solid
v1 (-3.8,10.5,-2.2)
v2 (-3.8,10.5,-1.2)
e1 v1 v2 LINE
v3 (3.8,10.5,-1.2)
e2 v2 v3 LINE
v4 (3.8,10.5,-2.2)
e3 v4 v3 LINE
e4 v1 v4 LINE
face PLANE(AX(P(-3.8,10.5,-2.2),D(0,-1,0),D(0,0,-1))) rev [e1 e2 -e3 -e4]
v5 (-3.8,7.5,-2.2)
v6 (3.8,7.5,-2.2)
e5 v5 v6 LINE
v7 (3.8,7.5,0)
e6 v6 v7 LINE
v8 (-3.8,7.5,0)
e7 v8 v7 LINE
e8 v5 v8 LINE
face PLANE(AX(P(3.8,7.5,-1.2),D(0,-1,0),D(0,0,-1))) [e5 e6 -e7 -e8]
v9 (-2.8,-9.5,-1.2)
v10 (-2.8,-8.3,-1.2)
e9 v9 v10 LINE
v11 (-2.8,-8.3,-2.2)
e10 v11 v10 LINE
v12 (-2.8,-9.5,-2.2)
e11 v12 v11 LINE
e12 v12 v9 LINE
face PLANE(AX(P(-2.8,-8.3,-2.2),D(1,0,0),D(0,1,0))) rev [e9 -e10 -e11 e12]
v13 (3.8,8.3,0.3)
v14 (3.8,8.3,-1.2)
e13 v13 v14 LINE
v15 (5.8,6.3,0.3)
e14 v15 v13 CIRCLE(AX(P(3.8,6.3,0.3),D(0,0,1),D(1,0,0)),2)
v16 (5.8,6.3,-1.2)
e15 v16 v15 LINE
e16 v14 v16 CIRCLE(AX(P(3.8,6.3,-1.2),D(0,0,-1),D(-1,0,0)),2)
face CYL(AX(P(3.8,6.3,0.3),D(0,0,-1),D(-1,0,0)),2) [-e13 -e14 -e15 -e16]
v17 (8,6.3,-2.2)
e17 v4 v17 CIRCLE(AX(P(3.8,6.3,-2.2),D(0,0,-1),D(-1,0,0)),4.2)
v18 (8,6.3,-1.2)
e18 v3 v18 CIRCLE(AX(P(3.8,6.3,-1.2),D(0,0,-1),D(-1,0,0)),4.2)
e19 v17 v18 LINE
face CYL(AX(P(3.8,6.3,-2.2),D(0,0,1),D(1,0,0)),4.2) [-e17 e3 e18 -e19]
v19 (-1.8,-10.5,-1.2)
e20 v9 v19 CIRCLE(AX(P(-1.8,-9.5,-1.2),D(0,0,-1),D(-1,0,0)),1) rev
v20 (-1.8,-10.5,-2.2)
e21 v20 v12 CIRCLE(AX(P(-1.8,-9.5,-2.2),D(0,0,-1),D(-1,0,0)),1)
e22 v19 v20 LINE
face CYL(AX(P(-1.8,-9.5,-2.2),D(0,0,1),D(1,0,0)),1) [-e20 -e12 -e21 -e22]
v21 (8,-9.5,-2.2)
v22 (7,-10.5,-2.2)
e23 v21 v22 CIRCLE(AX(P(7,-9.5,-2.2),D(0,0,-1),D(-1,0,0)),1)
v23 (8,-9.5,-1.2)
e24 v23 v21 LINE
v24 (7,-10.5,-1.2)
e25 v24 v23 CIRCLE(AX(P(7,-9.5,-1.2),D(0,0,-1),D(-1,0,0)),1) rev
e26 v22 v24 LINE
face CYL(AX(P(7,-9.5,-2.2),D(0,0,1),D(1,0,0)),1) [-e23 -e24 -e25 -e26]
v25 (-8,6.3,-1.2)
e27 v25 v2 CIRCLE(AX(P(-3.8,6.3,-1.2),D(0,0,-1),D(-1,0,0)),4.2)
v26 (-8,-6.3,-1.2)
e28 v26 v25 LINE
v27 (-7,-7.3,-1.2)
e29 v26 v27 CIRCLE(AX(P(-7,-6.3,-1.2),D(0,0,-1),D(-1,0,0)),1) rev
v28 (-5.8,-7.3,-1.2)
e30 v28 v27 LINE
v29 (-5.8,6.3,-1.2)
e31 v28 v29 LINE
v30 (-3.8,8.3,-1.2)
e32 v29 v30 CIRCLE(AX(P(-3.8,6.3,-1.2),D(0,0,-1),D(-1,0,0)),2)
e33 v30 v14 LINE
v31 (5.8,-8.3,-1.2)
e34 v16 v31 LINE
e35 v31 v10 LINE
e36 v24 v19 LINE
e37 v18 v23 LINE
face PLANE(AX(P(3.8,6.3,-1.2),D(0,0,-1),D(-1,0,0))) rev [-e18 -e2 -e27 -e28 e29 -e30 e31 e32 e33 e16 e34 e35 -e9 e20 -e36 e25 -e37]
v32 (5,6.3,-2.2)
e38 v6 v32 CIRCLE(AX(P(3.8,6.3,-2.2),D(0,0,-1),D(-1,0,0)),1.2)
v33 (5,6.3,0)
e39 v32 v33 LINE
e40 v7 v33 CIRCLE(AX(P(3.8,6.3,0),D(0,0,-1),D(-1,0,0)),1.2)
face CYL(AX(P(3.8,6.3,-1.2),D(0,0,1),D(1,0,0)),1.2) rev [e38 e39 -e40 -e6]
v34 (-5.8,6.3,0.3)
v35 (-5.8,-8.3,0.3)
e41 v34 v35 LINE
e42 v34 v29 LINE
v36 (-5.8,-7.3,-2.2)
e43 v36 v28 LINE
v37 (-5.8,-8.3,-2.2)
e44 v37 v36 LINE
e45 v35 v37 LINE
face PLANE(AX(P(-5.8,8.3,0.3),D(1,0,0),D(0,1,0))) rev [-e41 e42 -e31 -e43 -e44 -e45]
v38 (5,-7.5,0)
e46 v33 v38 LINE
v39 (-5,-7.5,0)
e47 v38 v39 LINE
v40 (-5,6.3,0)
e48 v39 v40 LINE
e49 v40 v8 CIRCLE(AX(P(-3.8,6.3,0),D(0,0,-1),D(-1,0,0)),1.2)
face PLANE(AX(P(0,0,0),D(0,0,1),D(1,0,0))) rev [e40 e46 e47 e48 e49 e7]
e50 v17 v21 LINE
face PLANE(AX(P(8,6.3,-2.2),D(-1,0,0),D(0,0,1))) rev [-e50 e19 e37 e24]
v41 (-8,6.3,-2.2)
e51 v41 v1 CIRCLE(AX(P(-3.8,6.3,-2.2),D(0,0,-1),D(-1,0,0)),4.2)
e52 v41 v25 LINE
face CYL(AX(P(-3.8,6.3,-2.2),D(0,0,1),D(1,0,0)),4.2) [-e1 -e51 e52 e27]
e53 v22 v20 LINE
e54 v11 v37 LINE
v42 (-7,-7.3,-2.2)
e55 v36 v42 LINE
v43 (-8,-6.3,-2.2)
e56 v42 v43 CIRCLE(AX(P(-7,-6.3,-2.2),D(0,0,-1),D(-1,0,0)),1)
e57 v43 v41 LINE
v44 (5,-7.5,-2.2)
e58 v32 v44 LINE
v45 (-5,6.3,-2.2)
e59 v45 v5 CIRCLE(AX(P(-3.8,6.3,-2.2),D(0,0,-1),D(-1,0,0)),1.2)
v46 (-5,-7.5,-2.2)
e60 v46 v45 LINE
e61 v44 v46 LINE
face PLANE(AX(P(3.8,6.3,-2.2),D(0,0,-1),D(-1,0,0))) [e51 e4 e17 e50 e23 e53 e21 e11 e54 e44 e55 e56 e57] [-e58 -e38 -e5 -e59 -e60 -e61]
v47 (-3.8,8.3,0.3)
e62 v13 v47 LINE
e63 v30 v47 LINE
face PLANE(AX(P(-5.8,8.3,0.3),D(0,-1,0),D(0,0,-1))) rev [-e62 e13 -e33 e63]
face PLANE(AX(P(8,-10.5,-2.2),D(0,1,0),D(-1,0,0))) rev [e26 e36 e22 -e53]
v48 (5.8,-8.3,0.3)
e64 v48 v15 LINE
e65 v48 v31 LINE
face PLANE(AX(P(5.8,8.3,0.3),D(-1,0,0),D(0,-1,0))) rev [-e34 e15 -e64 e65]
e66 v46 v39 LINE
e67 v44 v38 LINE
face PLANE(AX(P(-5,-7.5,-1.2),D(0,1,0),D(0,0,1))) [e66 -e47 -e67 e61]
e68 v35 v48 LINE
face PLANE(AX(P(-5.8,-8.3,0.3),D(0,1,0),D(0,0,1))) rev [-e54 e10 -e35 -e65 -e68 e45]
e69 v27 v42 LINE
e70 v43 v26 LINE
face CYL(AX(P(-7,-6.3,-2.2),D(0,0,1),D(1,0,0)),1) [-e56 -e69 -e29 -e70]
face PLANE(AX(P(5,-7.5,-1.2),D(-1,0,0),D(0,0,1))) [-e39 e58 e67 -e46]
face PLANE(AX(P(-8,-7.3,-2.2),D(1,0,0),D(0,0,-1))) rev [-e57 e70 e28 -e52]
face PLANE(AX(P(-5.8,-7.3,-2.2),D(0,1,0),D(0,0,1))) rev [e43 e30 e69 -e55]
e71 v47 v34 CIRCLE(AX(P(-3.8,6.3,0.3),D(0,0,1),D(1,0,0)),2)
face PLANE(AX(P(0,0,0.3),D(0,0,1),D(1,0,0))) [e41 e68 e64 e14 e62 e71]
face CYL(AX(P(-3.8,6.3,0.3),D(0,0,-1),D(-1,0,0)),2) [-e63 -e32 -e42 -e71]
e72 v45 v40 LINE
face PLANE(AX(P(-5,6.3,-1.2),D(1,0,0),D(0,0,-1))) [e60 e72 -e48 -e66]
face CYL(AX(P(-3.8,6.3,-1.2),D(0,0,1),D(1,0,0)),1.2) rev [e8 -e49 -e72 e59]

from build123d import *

# Parameters (mm, degrees)
SKETCH1_W           = 11.6
SKETCH1_H           = 16.6
BOSS_EXTRUDE1_DEPTH = 0.3
FILLET1_R           = 2
BOSS_EXTRUDE2_DEPTH = 1.2
BOSS_EXTRUDE3_DEPTH = 1
FILLET2_R           = 1


with BuildPart() as part:
    # Sketch1 → Boss-Extrude1 (new body)
    with BuildSketch(Plane.XY):
        Rectangle(SKETCH1_W, SKETCH1_H)
    extrude(amount=BOSS_EXTRUDE1_DEPTH)

    # Fillet1
    fillet1_edges = [part.edges().sort_by_distance(p)[0] for p in [
        (-5.8, 8.3, 0.15),
        (5.8, 8.3, 0.15),
    ]]
    fillet(fillet1_edges, radius=FILLET1_R)

    # Sketch2 → Boss-Extrude2 (add)
    with BuildSketch(Plane(origin=(0, 0, 0), x_dir=(-1, 0, 0), z_dir=(0, 0, -1))):
        with BuildLine():
            Line((-5.8, -8.3), (-5.8, 6.3))
            ThreePointArc((-5.8, 6.3), (-5.214213562, 7.714213562), (-3.8, 8.3))
            Line((-3.8, 8.3), (3.8, 8.3))
            ThreePointArc((3.8, 8.3), (5.214213562, 7.714213562), (5.8, 6.3))
            Line((5.8, 6.3), (5.8, -8.3))
            Line((5.8, -8.3), (-5.8, -8.3))
        make_face()
        with BuildLine():
            Line((-5, -7.5), (-5, 6.3))
            ThreePointArc((-5, 6.3), (-4.648528137, 7.148528137), (-3.8, 7.5))
            Line((-3.8, 7.5), (3.8, 7.5))
            ThreePointArc((3.8, 7.5), (4.648528137, 7.148528137), (5, 6.3))
            Line((5, 6.3), (5, -7.5))
            Line((5, -7.5), (-5, -7.5))
        make_face(mode=Mode.SUBTRACT)
    extrude(amount=BOSS_EXTRUDE2_DEPTH)

    # Sketch3 → Boss-Extrude3 (add)
    with BuildSketch(Plane(origin=(0, 0, -1.2), x_dir=(-1, 0, 0), z_dir=(0, 0, -1))):
        with BuildLine():
            Line((-8, 6.3), (-8, -10.5))
            Line((-8, -10.5), (2.8, -10.5))
            Line((2.8, -10.5), (2.8, -8.3))
            Line((2.8, -8.3), (5.8, -8.3))
            Line((5.8, -8.3), (5.8, -7.3))
            Line((5.8, -7.3), (8, -7.3))
            Line((8, -7.3), (8, 6.3))
            ThreePointArc((8, 6.3), (6.769848481, 9.269848481), (3.8, 10.5))
            Line((3.8, 10.5), (-3.8, 10.5))
            ThreePointArc((-3.8, 10.5), (-6.769848481, 9.269848481), (-8, 6.3))
        make_face()
        with BuildLine():
            Line((-5, 6.3), (-5, -7.5))
            Line((-5, -7.5), (5, -7.5))
            Line((5, -7.5), (5, 6.3))
            ThreePointArc((5, 6.3), (4.648528137, 7.148528137), (3.8, 7.5))
            Line((3.8, 7.5), (-3.8, 7.5))
            ThreePointArc((-3.8, 7.5), (-4.648528137, 7.148528137), (-5, 6.3))
        make_face(mode=Mode.SUBTRACT)
    extrude(amount=BOSS_EXTRUDE3_DEPTH)

    # Fillet2
    fillet2_edges = [part.edges().sort_by_distance(p)[0] for p in [
        (8, -10.5, -1.7),
        (-2.8, -10.5, -1.7),
        (-8, -7.3, -1.7),
    ]]
    fillet(fillet2_edges, radius=FILLET2_R)


solid = part.part
